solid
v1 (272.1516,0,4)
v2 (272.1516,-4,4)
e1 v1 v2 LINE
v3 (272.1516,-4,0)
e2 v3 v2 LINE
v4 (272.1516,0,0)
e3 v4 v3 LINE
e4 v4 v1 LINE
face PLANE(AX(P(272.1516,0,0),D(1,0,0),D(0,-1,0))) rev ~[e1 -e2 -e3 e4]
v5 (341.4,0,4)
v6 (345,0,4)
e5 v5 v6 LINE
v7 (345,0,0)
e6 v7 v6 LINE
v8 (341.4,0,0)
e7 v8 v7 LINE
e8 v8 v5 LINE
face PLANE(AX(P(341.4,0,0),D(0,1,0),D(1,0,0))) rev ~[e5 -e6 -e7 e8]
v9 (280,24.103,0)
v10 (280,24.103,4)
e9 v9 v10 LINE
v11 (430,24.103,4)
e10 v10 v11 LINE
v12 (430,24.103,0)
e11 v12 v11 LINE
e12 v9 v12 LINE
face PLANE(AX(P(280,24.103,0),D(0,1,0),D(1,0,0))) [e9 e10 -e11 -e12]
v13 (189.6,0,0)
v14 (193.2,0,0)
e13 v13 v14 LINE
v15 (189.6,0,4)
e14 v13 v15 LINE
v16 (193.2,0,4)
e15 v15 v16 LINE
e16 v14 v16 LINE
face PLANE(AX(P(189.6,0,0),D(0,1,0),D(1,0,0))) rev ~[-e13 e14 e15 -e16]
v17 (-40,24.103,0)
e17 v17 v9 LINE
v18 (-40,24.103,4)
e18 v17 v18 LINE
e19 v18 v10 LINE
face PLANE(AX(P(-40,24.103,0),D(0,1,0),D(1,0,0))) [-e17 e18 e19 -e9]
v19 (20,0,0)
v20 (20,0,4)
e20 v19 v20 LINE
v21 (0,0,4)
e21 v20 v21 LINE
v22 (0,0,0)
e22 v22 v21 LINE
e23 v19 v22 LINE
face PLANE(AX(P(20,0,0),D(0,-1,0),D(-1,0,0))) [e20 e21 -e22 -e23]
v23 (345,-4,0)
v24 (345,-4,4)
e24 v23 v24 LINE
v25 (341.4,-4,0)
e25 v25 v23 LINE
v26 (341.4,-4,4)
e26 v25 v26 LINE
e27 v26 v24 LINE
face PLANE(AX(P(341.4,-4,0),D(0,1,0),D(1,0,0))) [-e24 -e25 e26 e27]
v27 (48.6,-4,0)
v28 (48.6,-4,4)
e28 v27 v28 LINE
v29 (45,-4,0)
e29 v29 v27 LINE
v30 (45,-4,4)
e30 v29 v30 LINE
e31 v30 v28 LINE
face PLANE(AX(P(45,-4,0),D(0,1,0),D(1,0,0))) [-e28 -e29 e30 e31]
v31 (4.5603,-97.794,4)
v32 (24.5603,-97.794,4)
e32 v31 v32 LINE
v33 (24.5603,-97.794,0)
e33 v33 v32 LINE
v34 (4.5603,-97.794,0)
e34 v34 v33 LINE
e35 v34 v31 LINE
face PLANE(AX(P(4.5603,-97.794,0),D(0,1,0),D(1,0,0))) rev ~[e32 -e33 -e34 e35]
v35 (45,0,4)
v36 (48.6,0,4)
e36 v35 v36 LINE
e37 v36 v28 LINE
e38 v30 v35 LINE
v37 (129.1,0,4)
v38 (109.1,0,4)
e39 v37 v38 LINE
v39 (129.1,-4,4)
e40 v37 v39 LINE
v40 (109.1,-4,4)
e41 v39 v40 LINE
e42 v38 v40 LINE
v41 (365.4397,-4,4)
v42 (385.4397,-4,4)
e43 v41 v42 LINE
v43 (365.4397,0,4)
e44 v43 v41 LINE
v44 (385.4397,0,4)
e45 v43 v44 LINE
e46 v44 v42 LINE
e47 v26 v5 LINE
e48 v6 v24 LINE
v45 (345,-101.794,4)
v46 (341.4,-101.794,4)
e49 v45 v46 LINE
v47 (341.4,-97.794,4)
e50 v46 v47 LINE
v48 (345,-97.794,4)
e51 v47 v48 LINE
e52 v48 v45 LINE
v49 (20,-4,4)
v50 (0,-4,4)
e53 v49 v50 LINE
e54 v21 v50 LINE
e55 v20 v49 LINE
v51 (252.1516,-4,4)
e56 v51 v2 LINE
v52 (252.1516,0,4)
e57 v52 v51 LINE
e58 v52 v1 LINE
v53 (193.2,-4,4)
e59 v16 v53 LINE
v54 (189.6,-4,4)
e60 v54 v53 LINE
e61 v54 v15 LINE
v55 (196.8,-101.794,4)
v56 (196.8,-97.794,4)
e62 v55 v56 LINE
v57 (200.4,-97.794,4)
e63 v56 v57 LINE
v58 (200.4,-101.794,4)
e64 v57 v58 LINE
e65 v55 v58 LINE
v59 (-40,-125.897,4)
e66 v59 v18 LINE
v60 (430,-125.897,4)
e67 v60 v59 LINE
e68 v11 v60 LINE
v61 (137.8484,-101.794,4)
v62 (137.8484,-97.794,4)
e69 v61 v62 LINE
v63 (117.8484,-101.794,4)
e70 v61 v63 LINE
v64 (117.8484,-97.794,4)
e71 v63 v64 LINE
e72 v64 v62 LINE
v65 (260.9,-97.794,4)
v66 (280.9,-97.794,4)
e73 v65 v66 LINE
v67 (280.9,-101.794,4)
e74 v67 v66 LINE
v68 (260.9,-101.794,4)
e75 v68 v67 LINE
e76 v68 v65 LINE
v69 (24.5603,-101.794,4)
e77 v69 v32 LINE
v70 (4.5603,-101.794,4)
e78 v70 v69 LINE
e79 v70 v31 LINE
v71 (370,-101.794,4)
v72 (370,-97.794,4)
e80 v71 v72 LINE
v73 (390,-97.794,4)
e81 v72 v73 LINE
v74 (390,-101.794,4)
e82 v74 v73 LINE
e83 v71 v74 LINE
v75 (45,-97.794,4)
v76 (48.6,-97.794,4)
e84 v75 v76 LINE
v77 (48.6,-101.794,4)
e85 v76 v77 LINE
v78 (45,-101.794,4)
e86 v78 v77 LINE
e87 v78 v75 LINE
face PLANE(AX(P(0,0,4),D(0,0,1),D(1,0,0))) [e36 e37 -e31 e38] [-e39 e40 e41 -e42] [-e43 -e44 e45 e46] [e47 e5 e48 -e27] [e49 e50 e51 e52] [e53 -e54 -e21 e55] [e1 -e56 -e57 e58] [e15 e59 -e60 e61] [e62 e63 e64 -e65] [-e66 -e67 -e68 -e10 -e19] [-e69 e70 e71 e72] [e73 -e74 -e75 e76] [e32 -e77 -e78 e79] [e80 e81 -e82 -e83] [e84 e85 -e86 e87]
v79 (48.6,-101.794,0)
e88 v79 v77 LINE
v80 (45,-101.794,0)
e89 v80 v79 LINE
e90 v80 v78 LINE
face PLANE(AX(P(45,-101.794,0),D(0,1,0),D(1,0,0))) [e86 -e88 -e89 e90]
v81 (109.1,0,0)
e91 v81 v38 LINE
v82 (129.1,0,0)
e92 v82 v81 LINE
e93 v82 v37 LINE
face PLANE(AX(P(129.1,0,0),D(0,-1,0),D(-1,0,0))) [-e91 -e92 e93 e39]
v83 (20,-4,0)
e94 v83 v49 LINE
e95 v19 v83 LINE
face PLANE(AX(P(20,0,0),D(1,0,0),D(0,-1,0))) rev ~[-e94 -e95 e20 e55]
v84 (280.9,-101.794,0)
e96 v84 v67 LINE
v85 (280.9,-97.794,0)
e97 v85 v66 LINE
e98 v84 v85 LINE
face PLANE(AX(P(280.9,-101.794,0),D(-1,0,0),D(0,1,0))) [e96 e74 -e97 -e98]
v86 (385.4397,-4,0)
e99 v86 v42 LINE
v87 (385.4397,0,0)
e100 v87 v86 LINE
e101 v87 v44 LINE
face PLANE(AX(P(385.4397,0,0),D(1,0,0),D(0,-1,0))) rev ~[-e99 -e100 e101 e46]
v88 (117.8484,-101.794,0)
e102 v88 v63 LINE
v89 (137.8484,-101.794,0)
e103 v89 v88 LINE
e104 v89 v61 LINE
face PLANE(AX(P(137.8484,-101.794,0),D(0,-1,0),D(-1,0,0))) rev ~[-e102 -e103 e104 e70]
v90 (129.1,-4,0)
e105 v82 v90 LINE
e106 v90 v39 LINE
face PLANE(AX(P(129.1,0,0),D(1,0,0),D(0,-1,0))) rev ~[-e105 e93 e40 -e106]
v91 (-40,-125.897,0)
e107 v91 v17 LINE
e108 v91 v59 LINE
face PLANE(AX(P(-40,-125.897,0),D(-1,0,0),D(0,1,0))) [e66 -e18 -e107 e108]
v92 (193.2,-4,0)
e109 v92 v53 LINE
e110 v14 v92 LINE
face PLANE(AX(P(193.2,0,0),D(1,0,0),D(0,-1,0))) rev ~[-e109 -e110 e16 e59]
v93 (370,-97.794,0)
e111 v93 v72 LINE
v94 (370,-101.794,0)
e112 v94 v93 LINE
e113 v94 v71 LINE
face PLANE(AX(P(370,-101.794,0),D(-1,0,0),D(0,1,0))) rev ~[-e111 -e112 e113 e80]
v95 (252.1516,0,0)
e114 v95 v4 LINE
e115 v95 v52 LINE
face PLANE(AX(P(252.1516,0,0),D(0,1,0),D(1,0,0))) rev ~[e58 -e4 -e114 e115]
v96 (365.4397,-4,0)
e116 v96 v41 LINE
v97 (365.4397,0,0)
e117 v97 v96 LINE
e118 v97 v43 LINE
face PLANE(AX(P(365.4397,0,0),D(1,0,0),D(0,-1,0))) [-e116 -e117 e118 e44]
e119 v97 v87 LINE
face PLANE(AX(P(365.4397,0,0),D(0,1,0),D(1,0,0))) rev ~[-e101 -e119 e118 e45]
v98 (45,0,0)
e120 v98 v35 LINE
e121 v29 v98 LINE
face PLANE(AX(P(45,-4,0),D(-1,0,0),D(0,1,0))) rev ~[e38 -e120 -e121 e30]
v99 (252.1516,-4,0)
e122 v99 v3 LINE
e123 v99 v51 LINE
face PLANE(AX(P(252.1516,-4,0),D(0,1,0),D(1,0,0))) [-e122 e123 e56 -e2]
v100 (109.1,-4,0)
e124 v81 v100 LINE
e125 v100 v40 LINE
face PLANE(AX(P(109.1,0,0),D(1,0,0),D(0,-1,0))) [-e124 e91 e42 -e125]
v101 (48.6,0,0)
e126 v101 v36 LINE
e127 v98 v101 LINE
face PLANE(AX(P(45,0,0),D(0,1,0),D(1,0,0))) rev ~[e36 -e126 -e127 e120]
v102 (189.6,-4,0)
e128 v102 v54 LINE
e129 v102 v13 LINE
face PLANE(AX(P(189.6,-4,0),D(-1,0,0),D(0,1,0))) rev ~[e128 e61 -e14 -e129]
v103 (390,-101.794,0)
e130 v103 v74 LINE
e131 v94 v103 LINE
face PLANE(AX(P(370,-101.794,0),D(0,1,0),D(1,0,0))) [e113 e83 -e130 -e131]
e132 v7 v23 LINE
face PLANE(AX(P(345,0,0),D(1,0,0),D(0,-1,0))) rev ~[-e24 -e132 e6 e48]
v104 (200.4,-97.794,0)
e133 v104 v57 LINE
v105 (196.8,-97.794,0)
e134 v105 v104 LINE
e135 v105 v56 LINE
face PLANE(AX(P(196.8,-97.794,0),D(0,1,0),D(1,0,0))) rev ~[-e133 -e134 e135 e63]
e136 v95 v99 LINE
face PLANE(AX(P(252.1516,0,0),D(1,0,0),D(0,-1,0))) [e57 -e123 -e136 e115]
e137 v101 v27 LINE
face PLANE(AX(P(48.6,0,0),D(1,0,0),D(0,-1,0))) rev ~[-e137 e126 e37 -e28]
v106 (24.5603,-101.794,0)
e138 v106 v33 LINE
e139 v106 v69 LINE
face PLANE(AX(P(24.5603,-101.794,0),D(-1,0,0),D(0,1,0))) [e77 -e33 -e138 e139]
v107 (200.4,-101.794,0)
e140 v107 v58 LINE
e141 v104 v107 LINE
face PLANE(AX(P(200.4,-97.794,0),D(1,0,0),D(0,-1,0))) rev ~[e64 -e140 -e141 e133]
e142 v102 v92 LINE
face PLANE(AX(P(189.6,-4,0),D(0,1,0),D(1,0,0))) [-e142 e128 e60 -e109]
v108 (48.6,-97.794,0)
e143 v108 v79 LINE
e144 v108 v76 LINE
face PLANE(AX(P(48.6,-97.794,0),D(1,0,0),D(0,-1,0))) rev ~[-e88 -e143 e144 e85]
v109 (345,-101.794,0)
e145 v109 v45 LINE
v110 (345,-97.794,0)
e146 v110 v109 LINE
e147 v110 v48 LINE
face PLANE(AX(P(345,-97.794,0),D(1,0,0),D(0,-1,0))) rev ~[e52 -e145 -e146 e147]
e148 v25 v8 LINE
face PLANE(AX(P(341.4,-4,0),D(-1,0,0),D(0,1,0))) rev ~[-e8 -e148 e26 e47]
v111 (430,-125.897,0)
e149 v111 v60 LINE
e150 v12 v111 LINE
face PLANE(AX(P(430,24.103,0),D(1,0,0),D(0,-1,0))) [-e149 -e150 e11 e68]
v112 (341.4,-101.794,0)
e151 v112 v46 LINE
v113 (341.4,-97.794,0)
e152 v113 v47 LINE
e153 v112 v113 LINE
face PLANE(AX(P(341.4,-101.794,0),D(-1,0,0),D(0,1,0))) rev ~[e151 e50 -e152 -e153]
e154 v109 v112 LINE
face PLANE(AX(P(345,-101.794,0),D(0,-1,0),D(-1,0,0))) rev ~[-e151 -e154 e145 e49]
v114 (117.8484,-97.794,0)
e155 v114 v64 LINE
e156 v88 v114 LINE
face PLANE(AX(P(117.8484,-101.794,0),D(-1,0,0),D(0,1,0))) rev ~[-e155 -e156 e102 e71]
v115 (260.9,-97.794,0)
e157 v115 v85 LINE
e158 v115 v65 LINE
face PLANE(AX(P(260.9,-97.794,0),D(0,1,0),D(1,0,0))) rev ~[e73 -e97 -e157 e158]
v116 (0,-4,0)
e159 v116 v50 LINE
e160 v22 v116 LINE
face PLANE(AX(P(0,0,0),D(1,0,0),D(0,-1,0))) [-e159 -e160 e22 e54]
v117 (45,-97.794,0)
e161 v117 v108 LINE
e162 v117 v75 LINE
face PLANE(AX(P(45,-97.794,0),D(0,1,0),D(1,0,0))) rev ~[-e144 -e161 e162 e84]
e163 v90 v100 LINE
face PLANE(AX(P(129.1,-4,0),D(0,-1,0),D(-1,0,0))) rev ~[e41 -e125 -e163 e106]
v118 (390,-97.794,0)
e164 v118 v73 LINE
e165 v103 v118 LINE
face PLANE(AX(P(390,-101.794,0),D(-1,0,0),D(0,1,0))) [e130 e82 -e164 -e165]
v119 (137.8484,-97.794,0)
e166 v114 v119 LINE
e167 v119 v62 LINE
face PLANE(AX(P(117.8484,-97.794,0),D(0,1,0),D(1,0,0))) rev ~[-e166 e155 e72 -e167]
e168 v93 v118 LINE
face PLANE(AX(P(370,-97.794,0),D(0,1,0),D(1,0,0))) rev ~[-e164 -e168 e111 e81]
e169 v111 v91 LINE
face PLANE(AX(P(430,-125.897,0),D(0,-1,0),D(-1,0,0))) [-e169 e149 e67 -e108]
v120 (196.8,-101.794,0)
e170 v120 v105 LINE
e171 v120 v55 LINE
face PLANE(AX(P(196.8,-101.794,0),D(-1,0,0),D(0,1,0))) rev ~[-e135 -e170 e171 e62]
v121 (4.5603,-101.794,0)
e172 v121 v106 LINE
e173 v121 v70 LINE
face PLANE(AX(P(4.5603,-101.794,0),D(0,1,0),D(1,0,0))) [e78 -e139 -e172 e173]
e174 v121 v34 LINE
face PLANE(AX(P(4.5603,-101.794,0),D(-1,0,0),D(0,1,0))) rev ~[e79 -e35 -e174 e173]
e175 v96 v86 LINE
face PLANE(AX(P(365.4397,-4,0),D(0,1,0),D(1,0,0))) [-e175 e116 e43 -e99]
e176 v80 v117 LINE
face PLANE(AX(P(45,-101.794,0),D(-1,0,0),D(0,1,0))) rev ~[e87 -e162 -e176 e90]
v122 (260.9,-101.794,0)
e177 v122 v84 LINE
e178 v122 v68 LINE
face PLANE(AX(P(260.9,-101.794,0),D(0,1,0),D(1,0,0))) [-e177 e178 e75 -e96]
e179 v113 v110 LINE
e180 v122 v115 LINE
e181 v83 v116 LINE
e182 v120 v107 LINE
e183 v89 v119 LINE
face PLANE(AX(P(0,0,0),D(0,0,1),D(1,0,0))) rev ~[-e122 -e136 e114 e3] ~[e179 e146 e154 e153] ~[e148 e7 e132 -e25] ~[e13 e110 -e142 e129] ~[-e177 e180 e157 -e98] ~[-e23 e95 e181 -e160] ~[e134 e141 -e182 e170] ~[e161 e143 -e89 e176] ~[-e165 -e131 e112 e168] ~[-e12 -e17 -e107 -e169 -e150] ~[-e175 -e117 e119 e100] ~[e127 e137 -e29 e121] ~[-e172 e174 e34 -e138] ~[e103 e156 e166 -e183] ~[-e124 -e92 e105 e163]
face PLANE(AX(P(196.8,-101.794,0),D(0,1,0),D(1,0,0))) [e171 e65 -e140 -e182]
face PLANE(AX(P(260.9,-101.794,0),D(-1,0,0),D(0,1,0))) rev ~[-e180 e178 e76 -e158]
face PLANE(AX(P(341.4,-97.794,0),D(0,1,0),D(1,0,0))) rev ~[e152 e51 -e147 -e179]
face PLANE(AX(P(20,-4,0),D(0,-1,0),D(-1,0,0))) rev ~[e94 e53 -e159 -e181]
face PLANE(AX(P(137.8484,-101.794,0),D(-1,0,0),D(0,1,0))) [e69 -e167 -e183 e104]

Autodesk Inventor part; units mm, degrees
ref_plane "YZ Plane" through (0, 0, 0) normal (1, 0, 0) x (0, 1, 0)
ref_plane "XZ Plane" through (0, 0, 0) normal (0, 1, 0) x (-1, 0, 0)
ref_plane "XY Plane" through (0, 0, 0) normal (0, 0, 1) x (1, 0, 0)
sketch "Sketch1" plane through (0, 0, 0) normal (0, 0, 1) x (1, 0, 0)
  line L0 (20, 0) -> (0, 0)
  line L1 (20, -4) -> (0, -4)
  line L2 (20, 0) -> (20, -4)
  line L3 (0, 0) -> (0, -4)
  line L4 (45, -4) -> (45, 0)
  line L5 (48.6, 0) -> (48.6, -4)
  line L6 (4.5603, -97.794) -> (24.5603, -97.794)
  line L7 (4.5603, -101.794) -> (24.5603, -101.794)
  line L8 (24.5603, -101.794) -> (24.5603, -97.794)
  line L9 (4.5603, -101.794) -> (4.5603, -97.794)
  line L10 (45, -101.794) -> (45, -97.794)
  line L11 (48.6, -97.794) -> (48.6, -101.794)
  line L12 (117.8484, -101.794) -> (117.8484, -97.794)
  line L13 (137.8484, -101.794) -> (137.8484, -97.794)
  line L14 (117.8484, -97.794) -> (137.8484, -97.794)
  line L15 (137.8484, -101.794) -> (117.8484, -101.794)
  line L16 (129.1, 0) -> (109.1, 0)
  line L17 (129.1, -4) -> (109.1, -4)
  line L18 (189.6, -4) -> (189.6, 0)
  line L19 (193.2, 0) -> (193.2, -4)
  line L20 (196.8, -101.794) -> (196.8, -97.794)
  line L21 (200.4, -97.794) -> (200.4, -101.794)
  line L22 (252.1516, 0) -> (252.1516, -4)
  line L23 (272.1516, 0) -> (272.1516, -4)
  line L24 (260.9, -101.794) -> (260.9, -97.794)
  line L25 (280.9, -101.794) -> (280.9, -97.794)
  line L26 (341.4, -4) -> (341.4, 0)
  line L27 (345, 0) -> (345, -4)
  line L28 (341.4, -101.794) -> (341.4, -97.794)
  line L29 (345, -97.794) -> (345, -101.794)
  line L30 (365.4397, 0) -> (365.4397, -4)
  line L31 (385.4397, 0) -> (385.4397, -4)
  line L32 (370, -101.794) -> (370, -97.794)
  line L33 (390, -101.794) -> (390, -97.794)
  line L34 (45, 0) -> (48.6, 0)
  line L35 (45, -4) -> (48.6, -4)
  line L36 (109.1, 0) -> (109.1, -4)
  line L37 (129.1, 0) -> (129.1, -4)
  line L38 (189.6, 0) -> (193.2, 0)
  line L39 (189.6, -4) -> (193.2, -4)
  line L40 (252.1516, 0) -> (272.1516, 0)
  line L41 (252.1516, -4) -> (272.1516, -4)
  line L42 (341.4, 0) -> (345, 0)
  line L43 (341.4, -4) -> (345, -4)
  line L44 (365.4397, 0) -> (385.4397, 0)
  line L45 (365.4397, -4) -> (385.4397, -4)
  line L46 (45, -97.794) -> (48.6, -97.794)
  line L47 (45, -101.794) -> (48.6, -101.794)
  line L48 (196.8, -97.794) -> (200.4, -97.794)
  line L49 (196.8, -101.794) -> (200.4, -101.794)
  line L50 (260.9, -97.794) -> (280.9, -97.794)
  line L51 (260.9, -101.794) -> (280.9, -101.794)
  line L52 (370, -97.794) -> (390, -97.794)
  line L53 (370, -101.794) -> (390, -101.794)
  line L54 (4.5603, -101.794) -> (0, -101.794)
  line L55 (-40, 24.103) -> (430, 24.103)
  line L56 (430, 24.103) -> (430, -125.897)
  line L57 (430, -125.897) -> (-40, -125.897)
  line L58 (-40, -125.897) -> (-40, 24.103)
  line L59 (-40, 24.103) -> (430, -125.897) construction
  line L60 (430, 24.103) -> (-40, -125.897) construction
  line L61 (430, 24.103) -> (280, 24.103)
  line L62 (280, 24.103) -> (280, 124.103)
  line L63 (280, 124.103) -> (430, 124.103)
  line L64 (430, 124.103) -> (430, 24.103)
  line L65 (341.4, -97.794) -> (345, -97.794)
  line L66 (390, -101.794) -> (370, -101.794)
  line L67 (345, -101.794) -> (341.4, -101.794)
  point P0 (195, -50.897)
  dimension "d0" = 470
  dimension "d1" = 150
  dimension "d2" = 150
  dimension "d3" = 100
extrude "Extrusion1" add sketch "Sketch1" along normal blind 4 contours L55 L56 L57 L58
properties part number "PISO"
